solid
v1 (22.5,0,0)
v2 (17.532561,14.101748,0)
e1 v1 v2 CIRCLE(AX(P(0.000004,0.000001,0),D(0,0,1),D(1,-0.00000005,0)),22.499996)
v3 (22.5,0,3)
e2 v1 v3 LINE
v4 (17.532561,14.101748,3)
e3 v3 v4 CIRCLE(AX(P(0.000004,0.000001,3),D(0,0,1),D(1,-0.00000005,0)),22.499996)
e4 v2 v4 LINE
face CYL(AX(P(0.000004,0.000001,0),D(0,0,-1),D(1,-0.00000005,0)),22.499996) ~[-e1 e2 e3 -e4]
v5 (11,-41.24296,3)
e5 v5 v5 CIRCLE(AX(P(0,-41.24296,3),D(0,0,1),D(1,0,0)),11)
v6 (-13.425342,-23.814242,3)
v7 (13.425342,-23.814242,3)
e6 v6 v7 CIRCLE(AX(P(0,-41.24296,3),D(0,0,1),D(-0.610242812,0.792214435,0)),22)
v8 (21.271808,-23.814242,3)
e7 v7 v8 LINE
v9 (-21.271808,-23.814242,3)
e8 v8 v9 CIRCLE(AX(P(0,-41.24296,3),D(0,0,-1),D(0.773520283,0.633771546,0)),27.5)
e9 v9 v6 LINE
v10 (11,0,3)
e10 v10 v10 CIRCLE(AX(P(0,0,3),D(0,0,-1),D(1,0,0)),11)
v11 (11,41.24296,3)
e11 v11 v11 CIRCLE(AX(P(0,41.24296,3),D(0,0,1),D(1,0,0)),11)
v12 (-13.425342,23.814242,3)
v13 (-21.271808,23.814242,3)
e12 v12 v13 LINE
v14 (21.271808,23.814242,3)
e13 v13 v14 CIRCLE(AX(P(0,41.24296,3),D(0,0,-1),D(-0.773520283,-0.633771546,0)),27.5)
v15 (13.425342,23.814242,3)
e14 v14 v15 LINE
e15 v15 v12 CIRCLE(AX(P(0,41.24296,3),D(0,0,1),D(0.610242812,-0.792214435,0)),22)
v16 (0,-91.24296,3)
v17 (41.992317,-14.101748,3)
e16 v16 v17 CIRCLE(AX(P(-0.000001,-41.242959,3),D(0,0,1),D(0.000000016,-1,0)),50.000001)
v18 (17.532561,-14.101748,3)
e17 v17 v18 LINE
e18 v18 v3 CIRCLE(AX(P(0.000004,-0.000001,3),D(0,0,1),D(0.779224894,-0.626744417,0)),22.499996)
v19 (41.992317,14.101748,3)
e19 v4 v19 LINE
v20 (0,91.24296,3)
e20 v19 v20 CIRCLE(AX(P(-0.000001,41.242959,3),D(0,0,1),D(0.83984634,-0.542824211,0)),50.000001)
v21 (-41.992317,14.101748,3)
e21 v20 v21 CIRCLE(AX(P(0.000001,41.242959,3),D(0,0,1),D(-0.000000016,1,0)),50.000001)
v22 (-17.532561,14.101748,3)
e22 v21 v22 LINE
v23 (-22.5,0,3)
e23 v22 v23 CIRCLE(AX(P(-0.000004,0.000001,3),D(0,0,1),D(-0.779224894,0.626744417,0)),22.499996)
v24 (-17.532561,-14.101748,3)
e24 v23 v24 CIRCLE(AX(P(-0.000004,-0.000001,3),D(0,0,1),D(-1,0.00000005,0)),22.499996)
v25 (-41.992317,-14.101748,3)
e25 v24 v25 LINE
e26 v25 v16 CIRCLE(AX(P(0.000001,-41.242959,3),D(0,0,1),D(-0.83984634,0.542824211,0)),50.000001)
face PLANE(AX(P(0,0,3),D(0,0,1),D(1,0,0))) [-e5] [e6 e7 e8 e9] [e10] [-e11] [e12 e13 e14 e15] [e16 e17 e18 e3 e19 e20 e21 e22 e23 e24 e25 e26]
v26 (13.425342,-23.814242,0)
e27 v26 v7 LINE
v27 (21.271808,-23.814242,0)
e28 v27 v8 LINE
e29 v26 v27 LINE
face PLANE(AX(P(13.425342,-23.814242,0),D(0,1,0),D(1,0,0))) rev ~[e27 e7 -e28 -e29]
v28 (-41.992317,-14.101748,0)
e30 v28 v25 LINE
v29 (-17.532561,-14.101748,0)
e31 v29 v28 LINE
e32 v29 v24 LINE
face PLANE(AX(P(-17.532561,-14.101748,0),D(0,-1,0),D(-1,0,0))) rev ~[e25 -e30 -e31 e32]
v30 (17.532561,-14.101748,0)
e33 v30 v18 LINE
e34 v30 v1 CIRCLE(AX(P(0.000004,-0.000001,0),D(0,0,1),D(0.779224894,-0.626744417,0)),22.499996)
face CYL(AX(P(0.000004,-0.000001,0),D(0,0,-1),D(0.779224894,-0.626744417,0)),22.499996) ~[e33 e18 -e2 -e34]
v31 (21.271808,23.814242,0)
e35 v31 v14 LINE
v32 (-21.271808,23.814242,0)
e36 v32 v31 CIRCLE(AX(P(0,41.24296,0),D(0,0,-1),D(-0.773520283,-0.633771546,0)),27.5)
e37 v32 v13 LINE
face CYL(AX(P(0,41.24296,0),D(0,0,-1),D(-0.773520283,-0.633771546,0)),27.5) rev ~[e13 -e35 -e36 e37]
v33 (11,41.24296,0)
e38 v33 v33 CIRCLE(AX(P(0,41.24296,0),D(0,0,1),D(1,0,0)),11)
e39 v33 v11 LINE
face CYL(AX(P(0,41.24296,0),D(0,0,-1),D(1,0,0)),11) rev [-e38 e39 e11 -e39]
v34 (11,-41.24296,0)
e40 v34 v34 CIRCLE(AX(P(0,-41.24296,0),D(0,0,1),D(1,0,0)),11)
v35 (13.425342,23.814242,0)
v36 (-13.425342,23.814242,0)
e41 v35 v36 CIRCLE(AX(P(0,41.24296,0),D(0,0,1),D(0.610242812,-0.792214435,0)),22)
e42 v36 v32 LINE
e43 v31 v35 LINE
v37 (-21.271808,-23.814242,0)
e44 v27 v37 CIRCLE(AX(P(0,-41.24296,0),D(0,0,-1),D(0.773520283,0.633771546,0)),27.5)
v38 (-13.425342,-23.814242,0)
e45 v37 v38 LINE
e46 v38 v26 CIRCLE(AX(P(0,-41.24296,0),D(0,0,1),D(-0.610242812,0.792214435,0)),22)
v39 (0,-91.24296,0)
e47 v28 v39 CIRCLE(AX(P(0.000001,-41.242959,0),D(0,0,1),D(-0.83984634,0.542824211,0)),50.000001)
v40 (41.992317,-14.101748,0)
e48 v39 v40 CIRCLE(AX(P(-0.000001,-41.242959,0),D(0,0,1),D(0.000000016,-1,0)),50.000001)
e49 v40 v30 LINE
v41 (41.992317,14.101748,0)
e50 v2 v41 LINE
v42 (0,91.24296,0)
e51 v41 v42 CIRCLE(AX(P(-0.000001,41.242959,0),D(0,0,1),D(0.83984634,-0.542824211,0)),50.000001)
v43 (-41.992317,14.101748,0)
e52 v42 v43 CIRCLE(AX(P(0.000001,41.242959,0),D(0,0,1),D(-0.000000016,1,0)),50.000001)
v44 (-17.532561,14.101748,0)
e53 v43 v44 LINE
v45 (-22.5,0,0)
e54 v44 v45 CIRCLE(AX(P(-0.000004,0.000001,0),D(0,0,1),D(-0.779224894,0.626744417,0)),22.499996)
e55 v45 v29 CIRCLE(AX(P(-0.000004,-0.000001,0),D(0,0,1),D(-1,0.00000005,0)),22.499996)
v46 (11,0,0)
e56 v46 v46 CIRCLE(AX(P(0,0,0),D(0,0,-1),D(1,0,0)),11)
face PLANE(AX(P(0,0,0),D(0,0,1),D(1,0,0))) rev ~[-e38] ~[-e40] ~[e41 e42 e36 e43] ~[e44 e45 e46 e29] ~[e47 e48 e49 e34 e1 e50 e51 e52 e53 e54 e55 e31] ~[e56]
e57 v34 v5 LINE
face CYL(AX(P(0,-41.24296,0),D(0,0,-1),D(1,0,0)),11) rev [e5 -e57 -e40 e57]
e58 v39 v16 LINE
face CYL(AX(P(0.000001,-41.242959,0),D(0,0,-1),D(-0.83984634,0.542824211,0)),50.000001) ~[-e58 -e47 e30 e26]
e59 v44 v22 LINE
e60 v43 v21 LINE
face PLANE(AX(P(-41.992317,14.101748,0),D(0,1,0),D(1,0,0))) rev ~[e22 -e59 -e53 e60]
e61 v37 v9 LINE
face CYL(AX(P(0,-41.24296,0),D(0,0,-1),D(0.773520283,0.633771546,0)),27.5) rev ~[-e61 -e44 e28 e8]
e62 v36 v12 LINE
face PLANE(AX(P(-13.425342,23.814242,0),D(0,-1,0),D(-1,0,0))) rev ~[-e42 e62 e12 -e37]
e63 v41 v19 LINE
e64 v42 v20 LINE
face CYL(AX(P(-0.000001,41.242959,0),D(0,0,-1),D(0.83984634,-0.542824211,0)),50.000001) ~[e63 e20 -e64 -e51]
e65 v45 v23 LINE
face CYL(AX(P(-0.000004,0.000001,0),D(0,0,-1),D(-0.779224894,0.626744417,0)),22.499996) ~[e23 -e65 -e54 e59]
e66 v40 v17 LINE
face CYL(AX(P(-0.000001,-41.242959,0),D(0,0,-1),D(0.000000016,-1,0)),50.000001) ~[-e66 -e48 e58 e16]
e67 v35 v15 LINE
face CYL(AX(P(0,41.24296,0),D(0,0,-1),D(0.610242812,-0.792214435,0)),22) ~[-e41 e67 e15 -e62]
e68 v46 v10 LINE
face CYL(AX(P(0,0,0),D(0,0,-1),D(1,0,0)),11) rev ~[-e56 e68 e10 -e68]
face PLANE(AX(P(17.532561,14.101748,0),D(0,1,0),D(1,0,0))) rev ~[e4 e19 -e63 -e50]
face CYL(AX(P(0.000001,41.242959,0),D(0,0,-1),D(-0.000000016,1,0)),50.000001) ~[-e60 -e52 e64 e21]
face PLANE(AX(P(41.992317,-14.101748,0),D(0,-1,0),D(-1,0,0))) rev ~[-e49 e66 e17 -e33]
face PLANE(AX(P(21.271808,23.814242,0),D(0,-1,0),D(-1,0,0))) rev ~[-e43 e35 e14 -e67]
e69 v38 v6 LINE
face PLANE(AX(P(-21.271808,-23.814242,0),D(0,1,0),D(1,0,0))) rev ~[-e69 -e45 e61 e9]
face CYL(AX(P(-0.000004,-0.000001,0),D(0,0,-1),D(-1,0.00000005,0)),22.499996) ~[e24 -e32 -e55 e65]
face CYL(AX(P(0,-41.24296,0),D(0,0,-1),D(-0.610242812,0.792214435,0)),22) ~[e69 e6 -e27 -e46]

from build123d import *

# Parameters (mm, degrees)
F0_R     = 11
F1_DEPTH = 3


with BuildPart() as f1:
    # F0 (on Top) → F1 (new body)
    with BuildSketch(Plane.XY):
        with BuildLine():
            Line((-41.992317, 14.101748), (-17.532561, 14.101748))
            ThreePointArc((-17.532561, 14.101748), (-21.221836, 7.475539), (-22.5, 0))
            ThreePointArc((-22.5, 0), (-21.221836, -7.475539), (-17.532561, -14.101748))
            Line((-17.532561, -14.101748), (-41.992317, -14.101748))
            ThreePointArc((-41.992317, -14.101748), (-43.915035, -65.148392), (0, -91.24296))
            ThreePointArc((0, -91.24296), (43.915035, -65.148392), (41.992317, -14.101748))
            Line((41.992317, -14.101748), (17.532561, -14.101748))
            ThreePointArc((17.532561, -14.101748), (21.221836, -7.475539), (22.5, 0))
            ThreePointArc((22.5, 0), (21.221836, 7.475539), (17.532561, 14.101748))
            Line((17.532561, 14.101748), (41.992317, 14.101748))
            ThreePointArc((41.992317, 14.101748), (43.915035, 65.148392), (0, 91.24296))
            ThreePointArc((0, 91.24296), (-43.915035, 65.148392), (-41.992317, 14.101748))
        make_face()
        with BuildLine():
            ThreePointArc((21.271808, -23.814242), (0, -68.74296), (-21.271808, -23.814242))
            Line((-21.271808, -23.814242), (-13.425342, -23.814242))
            ThreePointArc((-13.425342, -23.814242), (0, -63.24296), (13.425342, -23.814242))
            Line((13.425342, -23.814242), (21.271808, -23.814242))
        make_face(mode=Mode.SUBTRACT)
        with Locations((0, -41.24296)):
            Circle(F0_R, mode=Mode.SUBTRACT)
        with BuildLine():
            ThreePointArc((-11, 0), (0, 11), (11, 0))
            ThreePointArc((11, 0), (0, -11), (-11, 0))
        make_face(mode=Mode.SUBTRACT)
        with Locations((0, 41.24296)):
            Circle(F0_R, mode=Mode.SUBTRACT)
        with BuildLine():
            Line((21.271808, 23.814242), (13.425342, 23.814242))
            ThreePointArc((13.425342, 23.814242), (0, 63.24296), (-13.425342, 23.814242))
            Line((-13.425342, 23.814242), (-21.271808, 23.814242))
            ThreePointArc((-21.271808, 23.814242), (0, 68.74296), (21.271808, 23.814242))
        make_face(mode=Mode.SUBTRACT)
    extrude(amount=F1_DEPTH)


solid = f1.part
